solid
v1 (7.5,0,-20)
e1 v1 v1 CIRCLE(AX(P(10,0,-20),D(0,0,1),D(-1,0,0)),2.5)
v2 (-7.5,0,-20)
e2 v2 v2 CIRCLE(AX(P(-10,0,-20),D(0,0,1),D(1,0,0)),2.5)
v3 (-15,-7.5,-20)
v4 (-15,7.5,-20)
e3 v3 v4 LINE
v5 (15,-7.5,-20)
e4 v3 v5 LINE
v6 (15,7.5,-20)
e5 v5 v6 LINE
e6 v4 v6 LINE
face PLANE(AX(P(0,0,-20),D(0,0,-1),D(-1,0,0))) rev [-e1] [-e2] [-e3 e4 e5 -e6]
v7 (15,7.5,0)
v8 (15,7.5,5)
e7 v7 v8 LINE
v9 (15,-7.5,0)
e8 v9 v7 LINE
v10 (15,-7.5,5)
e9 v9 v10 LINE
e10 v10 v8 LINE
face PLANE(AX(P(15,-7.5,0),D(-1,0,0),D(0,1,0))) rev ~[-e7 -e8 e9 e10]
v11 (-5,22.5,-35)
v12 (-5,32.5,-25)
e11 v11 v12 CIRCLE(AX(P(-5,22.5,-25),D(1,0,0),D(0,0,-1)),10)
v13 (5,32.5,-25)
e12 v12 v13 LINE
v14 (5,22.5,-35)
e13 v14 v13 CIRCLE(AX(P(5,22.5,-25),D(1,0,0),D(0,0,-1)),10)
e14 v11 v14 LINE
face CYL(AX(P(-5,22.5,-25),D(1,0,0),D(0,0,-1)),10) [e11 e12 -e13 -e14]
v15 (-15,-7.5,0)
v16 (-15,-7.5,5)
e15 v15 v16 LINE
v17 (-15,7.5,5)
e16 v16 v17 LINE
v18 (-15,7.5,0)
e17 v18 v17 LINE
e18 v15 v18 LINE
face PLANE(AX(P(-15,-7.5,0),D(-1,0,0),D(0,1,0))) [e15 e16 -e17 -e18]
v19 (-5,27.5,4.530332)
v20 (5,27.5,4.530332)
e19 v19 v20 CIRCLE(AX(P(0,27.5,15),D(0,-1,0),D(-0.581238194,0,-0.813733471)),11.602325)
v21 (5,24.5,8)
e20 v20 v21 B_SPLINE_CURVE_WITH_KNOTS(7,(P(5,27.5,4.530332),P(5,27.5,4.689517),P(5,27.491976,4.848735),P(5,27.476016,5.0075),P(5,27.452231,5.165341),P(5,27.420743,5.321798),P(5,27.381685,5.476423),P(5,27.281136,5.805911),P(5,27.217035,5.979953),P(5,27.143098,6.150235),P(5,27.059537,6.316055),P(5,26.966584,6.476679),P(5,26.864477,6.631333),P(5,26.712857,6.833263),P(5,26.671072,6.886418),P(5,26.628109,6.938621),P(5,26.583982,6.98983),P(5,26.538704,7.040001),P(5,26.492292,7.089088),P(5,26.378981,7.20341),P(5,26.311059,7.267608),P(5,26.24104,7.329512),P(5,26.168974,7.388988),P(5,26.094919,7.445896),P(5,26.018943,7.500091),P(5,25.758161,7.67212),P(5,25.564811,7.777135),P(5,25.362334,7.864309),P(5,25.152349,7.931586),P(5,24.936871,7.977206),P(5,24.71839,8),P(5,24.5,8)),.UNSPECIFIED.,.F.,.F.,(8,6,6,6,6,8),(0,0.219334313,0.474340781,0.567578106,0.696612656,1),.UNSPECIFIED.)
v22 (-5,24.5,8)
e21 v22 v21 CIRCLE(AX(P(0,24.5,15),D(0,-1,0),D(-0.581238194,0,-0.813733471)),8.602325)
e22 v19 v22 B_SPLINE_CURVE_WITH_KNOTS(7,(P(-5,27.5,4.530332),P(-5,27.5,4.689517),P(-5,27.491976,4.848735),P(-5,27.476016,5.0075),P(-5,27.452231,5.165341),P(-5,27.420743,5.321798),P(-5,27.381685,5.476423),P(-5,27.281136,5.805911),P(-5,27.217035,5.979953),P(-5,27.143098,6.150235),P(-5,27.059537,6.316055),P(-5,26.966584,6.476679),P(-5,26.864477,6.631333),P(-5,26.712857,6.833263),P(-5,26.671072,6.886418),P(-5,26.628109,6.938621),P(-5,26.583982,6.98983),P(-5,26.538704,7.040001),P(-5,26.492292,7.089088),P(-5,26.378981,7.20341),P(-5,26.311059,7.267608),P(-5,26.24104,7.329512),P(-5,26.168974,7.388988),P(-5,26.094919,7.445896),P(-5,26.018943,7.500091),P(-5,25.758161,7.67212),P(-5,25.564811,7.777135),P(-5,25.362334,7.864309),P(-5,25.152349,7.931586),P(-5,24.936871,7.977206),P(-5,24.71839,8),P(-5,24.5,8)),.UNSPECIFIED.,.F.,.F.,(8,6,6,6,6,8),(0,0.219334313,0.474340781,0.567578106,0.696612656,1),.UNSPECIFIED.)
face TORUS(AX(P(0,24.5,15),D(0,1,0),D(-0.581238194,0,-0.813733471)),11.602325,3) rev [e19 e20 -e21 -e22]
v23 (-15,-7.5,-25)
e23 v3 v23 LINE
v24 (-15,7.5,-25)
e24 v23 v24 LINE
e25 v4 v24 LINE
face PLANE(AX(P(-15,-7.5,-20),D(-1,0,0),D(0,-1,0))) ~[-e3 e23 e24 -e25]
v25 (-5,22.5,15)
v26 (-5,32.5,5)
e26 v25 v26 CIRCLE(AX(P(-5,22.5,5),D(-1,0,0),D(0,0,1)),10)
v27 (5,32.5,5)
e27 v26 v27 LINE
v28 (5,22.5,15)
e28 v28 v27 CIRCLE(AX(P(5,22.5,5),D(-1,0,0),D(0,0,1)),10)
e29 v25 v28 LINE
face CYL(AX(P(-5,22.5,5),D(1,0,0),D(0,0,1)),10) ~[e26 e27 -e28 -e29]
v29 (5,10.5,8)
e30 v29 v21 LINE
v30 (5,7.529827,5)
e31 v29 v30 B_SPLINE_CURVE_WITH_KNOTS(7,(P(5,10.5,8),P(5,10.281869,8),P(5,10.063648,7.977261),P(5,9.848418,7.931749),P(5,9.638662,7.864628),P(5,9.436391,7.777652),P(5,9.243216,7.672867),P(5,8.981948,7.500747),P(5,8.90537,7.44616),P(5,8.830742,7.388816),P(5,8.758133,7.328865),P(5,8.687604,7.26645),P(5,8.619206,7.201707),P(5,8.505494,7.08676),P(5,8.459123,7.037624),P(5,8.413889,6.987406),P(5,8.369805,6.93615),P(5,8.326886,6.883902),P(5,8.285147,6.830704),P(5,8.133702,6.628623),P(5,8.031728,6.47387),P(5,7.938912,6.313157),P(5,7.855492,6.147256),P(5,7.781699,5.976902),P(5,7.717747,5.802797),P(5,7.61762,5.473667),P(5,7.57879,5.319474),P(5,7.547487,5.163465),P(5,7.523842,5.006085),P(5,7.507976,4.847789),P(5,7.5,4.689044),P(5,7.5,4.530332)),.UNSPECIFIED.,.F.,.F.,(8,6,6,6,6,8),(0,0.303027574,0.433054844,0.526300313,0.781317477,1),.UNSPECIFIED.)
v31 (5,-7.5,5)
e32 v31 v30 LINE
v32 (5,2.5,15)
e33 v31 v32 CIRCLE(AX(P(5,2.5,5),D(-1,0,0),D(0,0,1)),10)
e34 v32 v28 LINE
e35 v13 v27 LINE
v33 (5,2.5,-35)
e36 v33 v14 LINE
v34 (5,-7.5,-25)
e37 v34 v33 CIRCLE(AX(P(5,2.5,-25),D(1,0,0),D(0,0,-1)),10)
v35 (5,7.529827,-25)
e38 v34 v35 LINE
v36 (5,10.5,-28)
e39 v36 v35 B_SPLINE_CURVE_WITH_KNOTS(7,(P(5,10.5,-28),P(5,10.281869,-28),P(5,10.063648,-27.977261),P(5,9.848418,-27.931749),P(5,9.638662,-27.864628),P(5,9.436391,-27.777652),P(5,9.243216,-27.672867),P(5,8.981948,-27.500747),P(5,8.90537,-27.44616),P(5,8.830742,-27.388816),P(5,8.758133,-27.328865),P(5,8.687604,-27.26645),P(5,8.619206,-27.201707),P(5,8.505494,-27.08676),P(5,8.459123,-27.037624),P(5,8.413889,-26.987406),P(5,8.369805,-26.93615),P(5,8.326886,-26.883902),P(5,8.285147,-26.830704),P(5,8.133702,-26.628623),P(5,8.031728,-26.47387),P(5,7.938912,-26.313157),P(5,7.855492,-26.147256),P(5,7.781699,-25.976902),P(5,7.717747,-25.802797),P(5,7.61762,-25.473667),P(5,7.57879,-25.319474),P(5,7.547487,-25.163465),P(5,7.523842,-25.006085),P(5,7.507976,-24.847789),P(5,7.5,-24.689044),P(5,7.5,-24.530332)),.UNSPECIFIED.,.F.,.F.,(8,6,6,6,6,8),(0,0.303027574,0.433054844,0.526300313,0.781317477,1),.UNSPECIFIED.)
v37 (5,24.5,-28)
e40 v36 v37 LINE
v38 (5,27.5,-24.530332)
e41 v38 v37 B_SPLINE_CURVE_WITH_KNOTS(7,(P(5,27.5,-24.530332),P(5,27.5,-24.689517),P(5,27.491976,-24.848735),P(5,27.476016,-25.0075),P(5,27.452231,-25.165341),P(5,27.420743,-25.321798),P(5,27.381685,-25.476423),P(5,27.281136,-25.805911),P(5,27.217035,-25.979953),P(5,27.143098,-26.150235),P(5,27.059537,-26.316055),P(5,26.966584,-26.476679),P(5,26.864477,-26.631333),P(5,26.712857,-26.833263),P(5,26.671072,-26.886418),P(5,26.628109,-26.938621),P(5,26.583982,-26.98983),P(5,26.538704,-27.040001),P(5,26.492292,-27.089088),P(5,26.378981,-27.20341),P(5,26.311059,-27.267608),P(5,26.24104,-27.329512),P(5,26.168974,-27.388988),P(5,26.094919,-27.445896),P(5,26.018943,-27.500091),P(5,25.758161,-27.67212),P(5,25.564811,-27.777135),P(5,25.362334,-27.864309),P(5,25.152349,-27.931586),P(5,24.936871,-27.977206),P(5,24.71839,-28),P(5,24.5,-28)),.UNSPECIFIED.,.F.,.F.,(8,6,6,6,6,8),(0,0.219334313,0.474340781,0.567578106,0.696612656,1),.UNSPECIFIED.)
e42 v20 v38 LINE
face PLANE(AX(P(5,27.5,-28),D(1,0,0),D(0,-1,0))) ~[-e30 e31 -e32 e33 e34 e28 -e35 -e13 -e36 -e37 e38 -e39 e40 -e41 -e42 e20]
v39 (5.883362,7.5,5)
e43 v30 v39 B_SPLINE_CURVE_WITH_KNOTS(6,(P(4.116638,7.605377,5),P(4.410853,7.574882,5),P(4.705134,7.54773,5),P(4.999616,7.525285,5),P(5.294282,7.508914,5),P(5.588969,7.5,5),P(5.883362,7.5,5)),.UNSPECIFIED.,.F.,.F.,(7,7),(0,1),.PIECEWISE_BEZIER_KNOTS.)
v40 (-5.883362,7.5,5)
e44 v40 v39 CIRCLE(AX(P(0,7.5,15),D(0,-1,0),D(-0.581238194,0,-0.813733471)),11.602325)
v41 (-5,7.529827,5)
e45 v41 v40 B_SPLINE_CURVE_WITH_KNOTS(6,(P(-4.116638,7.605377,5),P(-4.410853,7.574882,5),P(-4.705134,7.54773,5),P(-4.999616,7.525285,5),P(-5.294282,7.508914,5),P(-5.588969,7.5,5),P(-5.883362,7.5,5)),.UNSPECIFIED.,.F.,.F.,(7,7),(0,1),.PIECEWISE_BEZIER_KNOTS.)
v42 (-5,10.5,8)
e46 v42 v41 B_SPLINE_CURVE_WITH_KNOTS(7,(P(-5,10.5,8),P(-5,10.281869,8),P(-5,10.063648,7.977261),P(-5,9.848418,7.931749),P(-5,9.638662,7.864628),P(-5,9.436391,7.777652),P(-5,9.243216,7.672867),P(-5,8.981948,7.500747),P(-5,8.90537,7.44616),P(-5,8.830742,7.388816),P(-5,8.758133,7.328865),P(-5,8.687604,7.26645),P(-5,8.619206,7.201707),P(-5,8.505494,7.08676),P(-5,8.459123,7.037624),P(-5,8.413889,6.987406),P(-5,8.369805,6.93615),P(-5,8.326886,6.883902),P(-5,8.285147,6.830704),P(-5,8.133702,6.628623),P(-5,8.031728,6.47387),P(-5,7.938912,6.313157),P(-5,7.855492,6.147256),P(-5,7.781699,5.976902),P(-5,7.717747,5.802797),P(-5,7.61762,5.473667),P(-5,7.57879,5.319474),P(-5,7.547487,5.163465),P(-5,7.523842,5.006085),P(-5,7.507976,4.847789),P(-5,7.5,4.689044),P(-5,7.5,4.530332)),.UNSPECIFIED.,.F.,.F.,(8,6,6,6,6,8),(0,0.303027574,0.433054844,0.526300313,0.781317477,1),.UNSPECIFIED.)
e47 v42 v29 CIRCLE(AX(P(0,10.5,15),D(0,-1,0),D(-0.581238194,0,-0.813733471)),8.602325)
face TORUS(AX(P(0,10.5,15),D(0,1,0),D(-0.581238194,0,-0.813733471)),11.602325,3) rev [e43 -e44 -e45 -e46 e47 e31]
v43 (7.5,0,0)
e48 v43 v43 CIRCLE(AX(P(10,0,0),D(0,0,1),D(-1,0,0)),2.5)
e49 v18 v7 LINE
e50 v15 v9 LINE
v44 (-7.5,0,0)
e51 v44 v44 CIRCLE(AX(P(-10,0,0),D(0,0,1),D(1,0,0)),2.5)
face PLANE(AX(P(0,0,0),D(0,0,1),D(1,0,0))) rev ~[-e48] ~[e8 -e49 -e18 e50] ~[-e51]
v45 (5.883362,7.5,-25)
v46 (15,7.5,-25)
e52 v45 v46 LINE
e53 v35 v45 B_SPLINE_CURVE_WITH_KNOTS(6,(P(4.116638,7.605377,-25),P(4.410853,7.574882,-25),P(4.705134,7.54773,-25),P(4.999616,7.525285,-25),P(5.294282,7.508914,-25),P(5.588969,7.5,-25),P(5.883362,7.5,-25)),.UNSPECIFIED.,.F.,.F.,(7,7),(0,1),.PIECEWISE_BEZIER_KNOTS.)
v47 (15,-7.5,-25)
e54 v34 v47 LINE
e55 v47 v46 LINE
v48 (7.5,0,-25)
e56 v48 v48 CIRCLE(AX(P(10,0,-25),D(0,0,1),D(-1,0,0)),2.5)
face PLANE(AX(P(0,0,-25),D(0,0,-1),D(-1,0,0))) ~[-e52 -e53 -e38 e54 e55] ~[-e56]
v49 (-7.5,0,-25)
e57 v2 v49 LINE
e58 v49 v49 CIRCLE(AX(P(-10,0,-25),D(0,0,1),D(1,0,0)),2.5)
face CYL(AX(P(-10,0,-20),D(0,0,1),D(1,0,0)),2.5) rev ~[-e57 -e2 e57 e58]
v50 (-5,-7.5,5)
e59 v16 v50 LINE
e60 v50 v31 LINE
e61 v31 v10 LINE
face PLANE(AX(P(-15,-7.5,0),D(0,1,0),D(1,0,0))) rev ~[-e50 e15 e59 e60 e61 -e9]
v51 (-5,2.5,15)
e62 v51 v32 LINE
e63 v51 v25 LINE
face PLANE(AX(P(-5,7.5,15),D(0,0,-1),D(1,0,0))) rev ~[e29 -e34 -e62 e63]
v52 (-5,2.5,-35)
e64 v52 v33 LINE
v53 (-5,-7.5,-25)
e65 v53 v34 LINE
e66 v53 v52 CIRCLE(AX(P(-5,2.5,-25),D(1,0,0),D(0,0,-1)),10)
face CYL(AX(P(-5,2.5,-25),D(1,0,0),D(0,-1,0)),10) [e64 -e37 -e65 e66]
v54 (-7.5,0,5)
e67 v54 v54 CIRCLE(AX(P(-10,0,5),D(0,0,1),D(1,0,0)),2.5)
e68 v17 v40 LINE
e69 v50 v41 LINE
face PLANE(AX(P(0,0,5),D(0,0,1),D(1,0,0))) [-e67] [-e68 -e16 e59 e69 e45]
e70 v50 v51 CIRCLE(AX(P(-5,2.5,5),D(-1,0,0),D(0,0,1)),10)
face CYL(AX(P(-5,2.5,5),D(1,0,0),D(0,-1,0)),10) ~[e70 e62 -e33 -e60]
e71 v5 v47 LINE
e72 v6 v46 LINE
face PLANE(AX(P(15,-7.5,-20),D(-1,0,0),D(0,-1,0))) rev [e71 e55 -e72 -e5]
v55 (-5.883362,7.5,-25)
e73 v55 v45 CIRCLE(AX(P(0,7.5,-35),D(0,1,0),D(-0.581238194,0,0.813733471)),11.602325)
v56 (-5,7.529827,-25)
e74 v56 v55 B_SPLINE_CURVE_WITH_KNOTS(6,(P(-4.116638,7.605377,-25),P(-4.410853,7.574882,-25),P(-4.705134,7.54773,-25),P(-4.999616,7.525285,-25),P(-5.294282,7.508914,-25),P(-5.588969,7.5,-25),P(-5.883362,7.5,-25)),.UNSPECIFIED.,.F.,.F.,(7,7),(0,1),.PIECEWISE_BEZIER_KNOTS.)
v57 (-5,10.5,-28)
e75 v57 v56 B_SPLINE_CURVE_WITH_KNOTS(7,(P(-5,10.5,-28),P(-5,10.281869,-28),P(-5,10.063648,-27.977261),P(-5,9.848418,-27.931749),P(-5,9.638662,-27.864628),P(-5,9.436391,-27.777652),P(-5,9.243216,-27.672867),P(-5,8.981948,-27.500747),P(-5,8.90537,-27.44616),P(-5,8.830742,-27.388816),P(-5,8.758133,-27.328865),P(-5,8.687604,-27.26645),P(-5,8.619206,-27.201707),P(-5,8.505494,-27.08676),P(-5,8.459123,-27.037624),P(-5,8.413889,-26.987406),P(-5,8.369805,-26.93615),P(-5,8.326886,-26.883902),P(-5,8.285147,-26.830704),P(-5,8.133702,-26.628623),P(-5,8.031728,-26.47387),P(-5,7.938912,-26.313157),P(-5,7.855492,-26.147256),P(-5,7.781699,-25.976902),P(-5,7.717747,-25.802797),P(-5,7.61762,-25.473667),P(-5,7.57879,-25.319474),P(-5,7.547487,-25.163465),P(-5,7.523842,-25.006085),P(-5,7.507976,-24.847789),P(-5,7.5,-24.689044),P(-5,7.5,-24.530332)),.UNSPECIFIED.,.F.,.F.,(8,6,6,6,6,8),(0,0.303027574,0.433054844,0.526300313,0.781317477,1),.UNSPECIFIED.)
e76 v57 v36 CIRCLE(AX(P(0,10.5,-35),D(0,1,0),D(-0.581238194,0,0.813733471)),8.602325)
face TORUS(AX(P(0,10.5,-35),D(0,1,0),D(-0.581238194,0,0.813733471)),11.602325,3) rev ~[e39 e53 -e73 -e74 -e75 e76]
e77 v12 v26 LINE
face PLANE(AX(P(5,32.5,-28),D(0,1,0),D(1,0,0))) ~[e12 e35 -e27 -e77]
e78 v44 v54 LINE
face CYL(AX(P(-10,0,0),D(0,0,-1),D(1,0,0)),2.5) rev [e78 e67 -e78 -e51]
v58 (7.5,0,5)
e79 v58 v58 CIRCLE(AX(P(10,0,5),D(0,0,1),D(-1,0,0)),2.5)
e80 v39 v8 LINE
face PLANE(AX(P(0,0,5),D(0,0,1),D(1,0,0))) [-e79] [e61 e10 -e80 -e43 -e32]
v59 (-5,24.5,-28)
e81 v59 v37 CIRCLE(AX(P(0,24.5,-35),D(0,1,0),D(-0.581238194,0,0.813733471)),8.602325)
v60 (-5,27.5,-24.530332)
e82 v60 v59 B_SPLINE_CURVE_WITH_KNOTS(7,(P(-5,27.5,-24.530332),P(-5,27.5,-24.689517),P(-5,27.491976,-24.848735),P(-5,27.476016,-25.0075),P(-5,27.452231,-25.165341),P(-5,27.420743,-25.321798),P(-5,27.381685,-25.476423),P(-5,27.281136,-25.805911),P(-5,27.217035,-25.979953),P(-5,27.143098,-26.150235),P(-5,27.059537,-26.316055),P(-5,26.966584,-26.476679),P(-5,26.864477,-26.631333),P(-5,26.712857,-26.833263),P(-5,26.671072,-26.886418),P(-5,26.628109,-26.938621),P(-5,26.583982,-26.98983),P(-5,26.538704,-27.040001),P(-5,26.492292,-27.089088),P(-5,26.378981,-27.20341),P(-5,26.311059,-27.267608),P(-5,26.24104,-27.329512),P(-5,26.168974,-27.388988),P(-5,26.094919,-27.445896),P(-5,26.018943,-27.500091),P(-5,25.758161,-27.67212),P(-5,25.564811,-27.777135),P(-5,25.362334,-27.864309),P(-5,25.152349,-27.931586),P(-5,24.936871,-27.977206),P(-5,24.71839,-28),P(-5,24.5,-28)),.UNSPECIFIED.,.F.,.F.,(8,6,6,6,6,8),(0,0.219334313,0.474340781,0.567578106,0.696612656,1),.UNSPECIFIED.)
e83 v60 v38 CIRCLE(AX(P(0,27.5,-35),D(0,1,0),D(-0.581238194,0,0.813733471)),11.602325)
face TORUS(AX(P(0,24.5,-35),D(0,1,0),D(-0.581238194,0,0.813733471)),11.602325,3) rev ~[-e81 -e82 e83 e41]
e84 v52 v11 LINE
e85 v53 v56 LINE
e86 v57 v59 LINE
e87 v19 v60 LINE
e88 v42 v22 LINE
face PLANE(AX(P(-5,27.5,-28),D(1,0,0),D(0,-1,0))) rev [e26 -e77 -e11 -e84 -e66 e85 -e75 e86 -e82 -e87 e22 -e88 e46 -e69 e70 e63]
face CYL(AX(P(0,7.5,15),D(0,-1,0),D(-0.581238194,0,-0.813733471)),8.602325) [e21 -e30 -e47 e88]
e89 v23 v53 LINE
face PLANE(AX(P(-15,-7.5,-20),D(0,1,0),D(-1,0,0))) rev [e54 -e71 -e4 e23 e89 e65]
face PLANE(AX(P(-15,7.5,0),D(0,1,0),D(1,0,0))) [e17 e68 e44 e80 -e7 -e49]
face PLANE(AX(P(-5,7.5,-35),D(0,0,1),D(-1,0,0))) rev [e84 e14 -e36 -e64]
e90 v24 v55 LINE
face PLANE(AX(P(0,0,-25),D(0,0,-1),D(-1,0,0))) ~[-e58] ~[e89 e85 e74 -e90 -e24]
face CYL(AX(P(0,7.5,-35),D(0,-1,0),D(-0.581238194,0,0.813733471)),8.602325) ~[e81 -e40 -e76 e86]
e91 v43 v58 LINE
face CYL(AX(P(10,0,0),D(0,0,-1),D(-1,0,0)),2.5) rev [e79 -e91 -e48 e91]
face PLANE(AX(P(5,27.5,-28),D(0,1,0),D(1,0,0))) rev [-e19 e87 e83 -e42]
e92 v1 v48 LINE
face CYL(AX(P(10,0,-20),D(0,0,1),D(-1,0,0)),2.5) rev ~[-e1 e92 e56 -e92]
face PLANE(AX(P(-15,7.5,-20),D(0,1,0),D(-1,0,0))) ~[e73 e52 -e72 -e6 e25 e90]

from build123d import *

# Parameters (mm, degrees)
ESQUISSE1_W        = 30
ESQUISSE1_H        = 15
ESQUISSE1_R        = 2.5
BOSS_EXTRU_2_DEPTH = 5
ESQUISSE2_W        = 10
ESQUISSE2_H        = 15
BOSS_EXTRU_3_DEPTH = 10
ESQUISSE3_W        = 10
ESQUISSE3_H        = 7
BOSS_EXTRU_5_DEPTH = 25
BOSS_EXTRU_6_DEPTH = 20
ESQUISSE4_W        = 10
ESQUISSE4_H        = 5
BOSS_EXTRU_7_DEPTH = 18
CONG_1_R           = 10
CONG_2_R           = 3


with BuildPart() as part:
    # Esquisse1 → Boss.-Extru.2 (new body)
    with BuildSketch(Plane.XY):
        Rectangle(ESQUISSE1_W, ESQUISSE1_H)
        with Locations((-10, 0)):
            Circle(ESQUISSE1_R, mode=Mode.SUBTRACT)
        with Locations((10, 0)):
            Circle(ESQUISSE1_R, mode=Mode.SUBTRACT)
    extrude(amount=BOSS_EXTRU_2_DEPTH)

    # Esquisse2 → Boss.-Extru.3 (add)
    with BuildSketch(Plane.XY.offset(5)):
        Rectangle(ESQUISSE2_W, ESQUISSE2_H)
    extrude(amount=BOSS_EXTRU_3_DEPTH)

    # Esquisse3 → Boss.-Extru.5 (add)
    with BuildSketch(Plane(origin=(0, 7.5, 0), x_dir=(1, 0, 0), z_dir=(0, 1, 0))):
        with Locations((0, -11.5)):
            Rectangle(ESQUISSE3_W, ESQUISSE3_H)
    extrude(amount=BOSS_EXTRU_5_DEPTH)

    # Esquisse3<4> → Boss.-Extru.6 (add)
    with BuildSketch(Plane(origin=(0, 7.5, 0), x_dir=(1, 0, 0), z_dir=(0, 1, 0))):
        with BuildLine():
            ThreePointArc((5, -8), (0, -6.397674733), (-5, -8))
            Line((-5, -8), (5, -8))
        make_face()
    extrude(amount=BOSS_EXTRU_6_DEPTH)

    # Esquisse4 → Boss.-Extru.7 (add)
    with BuildSketch(Plane(origin=(0, 0, 8), x_dir=(-1, 0, 0), z_dir=(0, 0, -1))):
        with Locations((0, 30)):
            Rectangle(ESQUISSE4_W, ESQUISSE4_H)
    extrude(amount=BOSS_EXTRU_7_DEPTH)

    # Congé1
    cong_1_edges = [part.edges().sort_by_distance(p)[0] for p in [
        (0, -7.5, 15),
        (0, 32.5, 15),
    ]]
    fillet(cong_1_edges, radius=CONG_1_R)

    # Congé2
    cong_2_edges = [part.edges().sort_by_distance(p)[0] for p in [
        (0, 7.5, 6.397674733),
        (0, 27.5, 6.397674733),
    ]]
    fillet(cong_2_edges, radius=CONG_2_R)

    # Symétrie3: part across plane


with BuildPart() as part_1:
    add(part.part)
    add(part.part.mirror(Plane(origin=(0, 0, -10), x_dir=(1, 0, 0), z_dir=(0, 0, -1))))


solid = part_1.part
